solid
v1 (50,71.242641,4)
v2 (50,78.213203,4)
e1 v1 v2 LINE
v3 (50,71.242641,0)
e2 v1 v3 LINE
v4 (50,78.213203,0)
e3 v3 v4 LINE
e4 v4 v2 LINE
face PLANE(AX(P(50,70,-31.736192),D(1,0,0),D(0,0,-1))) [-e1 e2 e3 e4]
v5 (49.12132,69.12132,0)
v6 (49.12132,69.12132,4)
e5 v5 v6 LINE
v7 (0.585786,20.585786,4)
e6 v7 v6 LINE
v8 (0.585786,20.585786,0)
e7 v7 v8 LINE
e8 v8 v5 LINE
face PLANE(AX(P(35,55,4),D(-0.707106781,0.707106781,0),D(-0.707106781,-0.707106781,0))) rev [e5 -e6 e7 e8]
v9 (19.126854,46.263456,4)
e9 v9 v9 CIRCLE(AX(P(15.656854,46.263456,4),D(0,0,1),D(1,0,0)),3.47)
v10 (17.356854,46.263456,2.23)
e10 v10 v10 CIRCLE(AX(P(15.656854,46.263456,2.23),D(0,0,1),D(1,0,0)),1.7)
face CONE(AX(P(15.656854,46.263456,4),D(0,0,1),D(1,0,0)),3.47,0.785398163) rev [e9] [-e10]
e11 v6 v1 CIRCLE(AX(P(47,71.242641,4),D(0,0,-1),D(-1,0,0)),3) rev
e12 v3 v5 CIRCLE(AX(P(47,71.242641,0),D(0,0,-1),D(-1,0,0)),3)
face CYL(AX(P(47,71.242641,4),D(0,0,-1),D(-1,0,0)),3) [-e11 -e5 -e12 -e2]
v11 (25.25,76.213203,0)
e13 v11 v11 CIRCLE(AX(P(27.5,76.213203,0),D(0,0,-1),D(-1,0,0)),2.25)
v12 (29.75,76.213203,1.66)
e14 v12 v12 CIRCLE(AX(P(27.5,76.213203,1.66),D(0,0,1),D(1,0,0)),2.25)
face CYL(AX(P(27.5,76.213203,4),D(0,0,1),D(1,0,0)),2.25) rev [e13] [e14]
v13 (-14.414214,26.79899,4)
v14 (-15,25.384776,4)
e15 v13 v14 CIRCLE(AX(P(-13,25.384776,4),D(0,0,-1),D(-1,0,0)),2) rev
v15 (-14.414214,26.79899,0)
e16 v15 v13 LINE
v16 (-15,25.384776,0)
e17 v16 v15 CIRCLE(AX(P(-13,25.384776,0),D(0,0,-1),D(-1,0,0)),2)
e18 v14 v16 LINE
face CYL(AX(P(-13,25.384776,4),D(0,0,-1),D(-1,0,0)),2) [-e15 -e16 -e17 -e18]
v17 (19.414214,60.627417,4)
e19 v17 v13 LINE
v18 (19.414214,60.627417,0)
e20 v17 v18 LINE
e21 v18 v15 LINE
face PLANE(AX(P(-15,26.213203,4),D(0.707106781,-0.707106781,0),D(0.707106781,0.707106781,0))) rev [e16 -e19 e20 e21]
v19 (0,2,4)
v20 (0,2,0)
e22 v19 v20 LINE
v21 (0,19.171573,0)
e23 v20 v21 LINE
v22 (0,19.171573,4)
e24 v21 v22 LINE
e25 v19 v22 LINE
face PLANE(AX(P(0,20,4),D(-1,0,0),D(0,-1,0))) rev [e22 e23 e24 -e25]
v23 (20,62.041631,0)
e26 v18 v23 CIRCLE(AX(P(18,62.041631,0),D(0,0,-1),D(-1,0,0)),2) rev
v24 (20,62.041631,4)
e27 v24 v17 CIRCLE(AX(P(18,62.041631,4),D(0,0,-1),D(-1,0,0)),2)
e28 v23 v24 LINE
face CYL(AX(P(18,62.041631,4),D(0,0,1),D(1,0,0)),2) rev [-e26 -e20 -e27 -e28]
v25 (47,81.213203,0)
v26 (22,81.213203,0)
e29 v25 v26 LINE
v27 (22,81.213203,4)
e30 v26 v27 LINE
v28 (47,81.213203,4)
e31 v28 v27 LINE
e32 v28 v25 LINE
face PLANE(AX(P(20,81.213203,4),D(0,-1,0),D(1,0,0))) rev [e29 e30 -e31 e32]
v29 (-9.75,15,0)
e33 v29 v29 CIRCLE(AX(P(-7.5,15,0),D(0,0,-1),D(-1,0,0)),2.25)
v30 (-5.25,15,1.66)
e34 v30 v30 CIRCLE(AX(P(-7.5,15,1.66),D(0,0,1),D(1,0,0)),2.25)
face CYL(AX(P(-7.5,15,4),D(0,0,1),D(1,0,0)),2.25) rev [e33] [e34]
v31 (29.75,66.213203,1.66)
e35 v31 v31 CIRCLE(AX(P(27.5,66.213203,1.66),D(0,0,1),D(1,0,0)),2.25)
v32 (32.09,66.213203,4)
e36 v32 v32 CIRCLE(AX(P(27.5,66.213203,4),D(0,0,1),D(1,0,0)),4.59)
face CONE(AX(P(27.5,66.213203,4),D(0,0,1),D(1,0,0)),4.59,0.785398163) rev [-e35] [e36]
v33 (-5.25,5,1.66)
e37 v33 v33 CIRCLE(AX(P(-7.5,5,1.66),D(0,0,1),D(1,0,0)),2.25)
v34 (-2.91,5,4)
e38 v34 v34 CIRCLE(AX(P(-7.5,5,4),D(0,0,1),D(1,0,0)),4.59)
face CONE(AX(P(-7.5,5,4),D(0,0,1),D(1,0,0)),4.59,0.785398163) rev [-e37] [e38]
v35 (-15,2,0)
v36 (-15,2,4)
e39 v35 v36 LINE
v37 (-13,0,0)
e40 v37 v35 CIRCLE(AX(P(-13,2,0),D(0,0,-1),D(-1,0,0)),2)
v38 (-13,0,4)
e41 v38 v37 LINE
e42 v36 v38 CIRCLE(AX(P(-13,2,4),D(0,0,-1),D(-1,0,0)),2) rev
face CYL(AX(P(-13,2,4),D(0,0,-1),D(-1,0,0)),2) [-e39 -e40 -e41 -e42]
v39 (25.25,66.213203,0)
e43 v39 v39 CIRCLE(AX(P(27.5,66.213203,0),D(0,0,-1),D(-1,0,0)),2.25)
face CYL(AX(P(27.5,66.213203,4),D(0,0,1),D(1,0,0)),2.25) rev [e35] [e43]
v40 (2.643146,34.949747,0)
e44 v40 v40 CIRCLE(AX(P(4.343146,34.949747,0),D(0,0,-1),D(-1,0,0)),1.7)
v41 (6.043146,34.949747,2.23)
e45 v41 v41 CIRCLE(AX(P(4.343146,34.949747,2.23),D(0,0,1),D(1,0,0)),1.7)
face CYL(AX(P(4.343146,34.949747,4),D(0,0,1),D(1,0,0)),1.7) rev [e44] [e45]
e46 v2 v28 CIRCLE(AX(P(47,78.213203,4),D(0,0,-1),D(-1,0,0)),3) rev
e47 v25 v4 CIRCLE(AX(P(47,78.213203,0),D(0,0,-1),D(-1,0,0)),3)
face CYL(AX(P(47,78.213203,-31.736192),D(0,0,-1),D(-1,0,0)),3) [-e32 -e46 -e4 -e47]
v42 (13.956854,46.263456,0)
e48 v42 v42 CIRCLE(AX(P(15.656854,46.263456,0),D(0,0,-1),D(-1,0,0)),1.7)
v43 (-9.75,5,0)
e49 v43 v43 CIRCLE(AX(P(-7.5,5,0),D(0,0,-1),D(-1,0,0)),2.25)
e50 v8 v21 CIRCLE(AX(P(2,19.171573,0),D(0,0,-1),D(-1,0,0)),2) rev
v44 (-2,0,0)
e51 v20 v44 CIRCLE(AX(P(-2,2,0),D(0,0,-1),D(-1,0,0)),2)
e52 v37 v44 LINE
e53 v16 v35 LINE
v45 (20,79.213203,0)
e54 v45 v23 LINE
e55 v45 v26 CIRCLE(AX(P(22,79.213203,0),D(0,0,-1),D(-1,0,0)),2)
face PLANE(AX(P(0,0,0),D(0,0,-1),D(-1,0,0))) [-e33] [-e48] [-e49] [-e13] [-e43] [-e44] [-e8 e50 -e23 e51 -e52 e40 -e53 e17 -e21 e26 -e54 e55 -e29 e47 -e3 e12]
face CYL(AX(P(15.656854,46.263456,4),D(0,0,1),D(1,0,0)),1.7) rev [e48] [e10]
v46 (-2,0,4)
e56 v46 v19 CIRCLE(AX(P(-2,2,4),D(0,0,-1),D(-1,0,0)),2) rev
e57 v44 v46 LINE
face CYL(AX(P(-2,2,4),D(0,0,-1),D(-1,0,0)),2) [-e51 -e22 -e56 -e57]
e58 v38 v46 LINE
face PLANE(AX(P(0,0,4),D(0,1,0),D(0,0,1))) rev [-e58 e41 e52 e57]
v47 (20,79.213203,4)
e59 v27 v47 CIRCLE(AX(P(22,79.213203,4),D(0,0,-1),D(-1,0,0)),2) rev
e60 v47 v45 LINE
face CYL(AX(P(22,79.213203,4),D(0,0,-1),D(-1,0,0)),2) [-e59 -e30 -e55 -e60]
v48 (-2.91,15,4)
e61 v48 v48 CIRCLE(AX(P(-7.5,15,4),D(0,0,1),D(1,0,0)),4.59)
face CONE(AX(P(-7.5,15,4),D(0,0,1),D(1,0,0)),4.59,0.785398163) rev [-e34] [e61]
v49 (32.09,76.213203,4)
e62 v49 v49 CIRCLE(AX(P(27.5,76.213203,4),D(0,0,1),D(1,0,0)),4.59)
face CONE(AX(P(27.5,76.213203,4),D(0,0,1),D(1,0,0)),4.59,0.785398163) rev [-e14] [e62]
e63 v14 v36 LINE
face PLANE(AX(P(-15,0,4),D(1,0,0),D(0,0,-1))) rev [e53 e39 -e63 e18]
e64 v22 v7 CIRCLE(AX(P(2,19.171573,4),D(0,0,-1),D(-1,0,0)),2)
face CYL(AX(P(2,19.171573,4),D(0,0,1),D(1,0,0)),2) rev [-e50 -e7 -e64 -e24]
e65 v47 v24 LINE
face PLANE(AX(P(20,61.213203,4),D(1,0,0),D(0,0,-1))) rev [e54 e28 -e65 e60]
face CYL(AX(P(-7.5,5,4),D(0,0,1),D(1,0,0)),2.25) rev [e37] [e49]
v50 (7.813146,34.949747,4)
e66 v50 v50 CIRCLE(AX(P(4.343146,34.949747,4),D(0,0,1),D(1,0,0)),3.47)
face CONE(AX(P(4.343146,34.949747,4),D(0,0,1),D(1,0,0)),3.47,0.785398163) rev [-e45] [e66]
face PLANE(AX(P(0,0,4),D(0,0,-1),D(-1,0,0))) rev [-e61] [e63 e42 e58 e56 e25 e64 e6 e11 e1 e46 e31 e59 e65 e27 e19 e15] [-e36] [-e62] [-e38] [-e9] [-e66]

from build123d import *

# Parameters (mm, degrees)
EXTRUDE_1_DEPTH              = 4
FILLET_1_R                   = 2
HOLE_WIZARD_M4_1_D           = 4.5
HOLE_WIZARD_M4_1_DEPTH       = 24.5
HOLE_WIZARD_M4_1_CSINK_D     = 9.18
HOLE_WIZARD_M4_1_CSINK_ANGLE = 90
HOLE_WIZARD_M4_1_TIP         = 1.351936393
HOLE_WIZARD_M3_1_D           = 3.4
HOLE_WIZARD_M3_1_DEPTH       = 24.5
HOLE_WIZARD_M3_1_CSINK_D     = 6.94
HOLE_WIZARD_M3_1_CSINK_ANGLE = 90
HOLE_WIZARD_M3_1_TIP         = 1.021463052
EXTRUDE_2_DEPTH              = 4
FILLET_2_R                   = 3


with BuildPart() as part:
    # 草图1 → 凸台-拉伸1 (new body)
    with BuildSketch(Plane.XY):
        Polygon((0, 0), (-15, 0), (-15, 26.213203436), (20, 61.213203436), (20, 81.213203436), (35, 81.213203436), (35, 55), (0, 20), align=None)
    extrude(amount=EXTRUDE_1_DEPTH)

    # 圆角1
    fillet_1_edges = [part.edges().sort_by_distance(p)[0] for p in [
        (0, 0, 2),
        (-15, 0, 2),
        (-15, 26.213203436, 2),
        (20, 61.213203436, 2),
        (20, 81.213203436, 2),
        (35, 81.213203436, 2),
        (35, 55, 2),
        (0, 20, 2),
    ]]
    fillet(fillet_1_edges, radius=FILLET_1_R)

    # M4 六角凹锥坑头螺钉的锥形沉头孔1
    with Locations(Plane(origin=(27.5, 76.213203436, 4), x_dir=(1, 0, 0), z_dir=(0, 0, 1))):
        with Locations((0, 0), (0, -10), (-35, -61.213203436), (-35, -71.213203436)):
            CounterSinkHole(HOLE_WIZARD_M4_1_D / 2, HOLE_WIZARD_M4_1_CSINK_D / 2, depth=HOLE_WIZARD_M4_1_DEPTH, counter_sink_angle=HOLE_WIZARD_M4_1_CSINK_ANGLE)
            with Locations((0, 0, -(HOLE_WIZARD_M4_1_DEPTH + HOLE_WIZARD_M4_1_TIP / 2))):  # 118° drill point
                Cone(0, HOLE_WIZARD_M4_1_D / 2, HOLE_WIZARD_M4_1_TIP, mode=Mode.SUBTRACT)

    # M3 六角凹锥坑头螺钉的锥形沉头孔1
    with Locations(Plane(origin=(4.343145751, 34.949747468, 4), x_dir=(1, 0, 0), z_dir=(0, 0, 1))):
        with Locations((0, 0), (11.313708498, 11.313708499)):
            CounterSinkHole(HOLE_WIZARD_M3_1_D / 2, HOLE_WIZARD_M3_1_CSINK_D / 2, depth=HOLE_WIZARD_M3_1_DEPTH, counter_sink_angle=HOLE_WIZARD_M3_1_CSINK_ANGLE)
            with Locations((0, 0, -(HOLE_WIZARD_M3_1_DEPTH + HOLE_WIZARD_M3_1_TIP / 2))):  # 118° drill point
                Cone(0, HOLE_WIZARD_M3_1_D / 2, HOLE_WIZARD_M3_1_TIP, mode=Mode.SUBTRACT)

    # 草图6 → 凸台-拉伸2 (add)
    with BuildSketch(Plane.XY.offset(4)):
        with BuildLine():
            Line((34.414213562, 54.414213562), (50, 70))
            Line((50, 70), (50, 81.213203436))
            Line((50, 81.213203436), (33, 81.213203436))
            ThreePointArc((33, 81.213203436), (34.414213562, 80.627416998), (35, 79.213203436))
            Line((35, 79.213203436), (35, 55.828427125))
            ThreePointArc((35, 55.828427125), (34.847759065, 55.06306026), (34.414213562, 54.414213562))
        make_face()
    extrude(amount=-EXTRUDE_2_DEPTH)

    # 圆角2
    fillet_2_edges = [part.edges().sort_by_distance(p)[0] for p in [
        (50, 70, 2),
        (50, 81.213203436, 2),
    ]]
    fillet(fillet_2_edges, radius=FILLET_2_R)


solid = part.part
